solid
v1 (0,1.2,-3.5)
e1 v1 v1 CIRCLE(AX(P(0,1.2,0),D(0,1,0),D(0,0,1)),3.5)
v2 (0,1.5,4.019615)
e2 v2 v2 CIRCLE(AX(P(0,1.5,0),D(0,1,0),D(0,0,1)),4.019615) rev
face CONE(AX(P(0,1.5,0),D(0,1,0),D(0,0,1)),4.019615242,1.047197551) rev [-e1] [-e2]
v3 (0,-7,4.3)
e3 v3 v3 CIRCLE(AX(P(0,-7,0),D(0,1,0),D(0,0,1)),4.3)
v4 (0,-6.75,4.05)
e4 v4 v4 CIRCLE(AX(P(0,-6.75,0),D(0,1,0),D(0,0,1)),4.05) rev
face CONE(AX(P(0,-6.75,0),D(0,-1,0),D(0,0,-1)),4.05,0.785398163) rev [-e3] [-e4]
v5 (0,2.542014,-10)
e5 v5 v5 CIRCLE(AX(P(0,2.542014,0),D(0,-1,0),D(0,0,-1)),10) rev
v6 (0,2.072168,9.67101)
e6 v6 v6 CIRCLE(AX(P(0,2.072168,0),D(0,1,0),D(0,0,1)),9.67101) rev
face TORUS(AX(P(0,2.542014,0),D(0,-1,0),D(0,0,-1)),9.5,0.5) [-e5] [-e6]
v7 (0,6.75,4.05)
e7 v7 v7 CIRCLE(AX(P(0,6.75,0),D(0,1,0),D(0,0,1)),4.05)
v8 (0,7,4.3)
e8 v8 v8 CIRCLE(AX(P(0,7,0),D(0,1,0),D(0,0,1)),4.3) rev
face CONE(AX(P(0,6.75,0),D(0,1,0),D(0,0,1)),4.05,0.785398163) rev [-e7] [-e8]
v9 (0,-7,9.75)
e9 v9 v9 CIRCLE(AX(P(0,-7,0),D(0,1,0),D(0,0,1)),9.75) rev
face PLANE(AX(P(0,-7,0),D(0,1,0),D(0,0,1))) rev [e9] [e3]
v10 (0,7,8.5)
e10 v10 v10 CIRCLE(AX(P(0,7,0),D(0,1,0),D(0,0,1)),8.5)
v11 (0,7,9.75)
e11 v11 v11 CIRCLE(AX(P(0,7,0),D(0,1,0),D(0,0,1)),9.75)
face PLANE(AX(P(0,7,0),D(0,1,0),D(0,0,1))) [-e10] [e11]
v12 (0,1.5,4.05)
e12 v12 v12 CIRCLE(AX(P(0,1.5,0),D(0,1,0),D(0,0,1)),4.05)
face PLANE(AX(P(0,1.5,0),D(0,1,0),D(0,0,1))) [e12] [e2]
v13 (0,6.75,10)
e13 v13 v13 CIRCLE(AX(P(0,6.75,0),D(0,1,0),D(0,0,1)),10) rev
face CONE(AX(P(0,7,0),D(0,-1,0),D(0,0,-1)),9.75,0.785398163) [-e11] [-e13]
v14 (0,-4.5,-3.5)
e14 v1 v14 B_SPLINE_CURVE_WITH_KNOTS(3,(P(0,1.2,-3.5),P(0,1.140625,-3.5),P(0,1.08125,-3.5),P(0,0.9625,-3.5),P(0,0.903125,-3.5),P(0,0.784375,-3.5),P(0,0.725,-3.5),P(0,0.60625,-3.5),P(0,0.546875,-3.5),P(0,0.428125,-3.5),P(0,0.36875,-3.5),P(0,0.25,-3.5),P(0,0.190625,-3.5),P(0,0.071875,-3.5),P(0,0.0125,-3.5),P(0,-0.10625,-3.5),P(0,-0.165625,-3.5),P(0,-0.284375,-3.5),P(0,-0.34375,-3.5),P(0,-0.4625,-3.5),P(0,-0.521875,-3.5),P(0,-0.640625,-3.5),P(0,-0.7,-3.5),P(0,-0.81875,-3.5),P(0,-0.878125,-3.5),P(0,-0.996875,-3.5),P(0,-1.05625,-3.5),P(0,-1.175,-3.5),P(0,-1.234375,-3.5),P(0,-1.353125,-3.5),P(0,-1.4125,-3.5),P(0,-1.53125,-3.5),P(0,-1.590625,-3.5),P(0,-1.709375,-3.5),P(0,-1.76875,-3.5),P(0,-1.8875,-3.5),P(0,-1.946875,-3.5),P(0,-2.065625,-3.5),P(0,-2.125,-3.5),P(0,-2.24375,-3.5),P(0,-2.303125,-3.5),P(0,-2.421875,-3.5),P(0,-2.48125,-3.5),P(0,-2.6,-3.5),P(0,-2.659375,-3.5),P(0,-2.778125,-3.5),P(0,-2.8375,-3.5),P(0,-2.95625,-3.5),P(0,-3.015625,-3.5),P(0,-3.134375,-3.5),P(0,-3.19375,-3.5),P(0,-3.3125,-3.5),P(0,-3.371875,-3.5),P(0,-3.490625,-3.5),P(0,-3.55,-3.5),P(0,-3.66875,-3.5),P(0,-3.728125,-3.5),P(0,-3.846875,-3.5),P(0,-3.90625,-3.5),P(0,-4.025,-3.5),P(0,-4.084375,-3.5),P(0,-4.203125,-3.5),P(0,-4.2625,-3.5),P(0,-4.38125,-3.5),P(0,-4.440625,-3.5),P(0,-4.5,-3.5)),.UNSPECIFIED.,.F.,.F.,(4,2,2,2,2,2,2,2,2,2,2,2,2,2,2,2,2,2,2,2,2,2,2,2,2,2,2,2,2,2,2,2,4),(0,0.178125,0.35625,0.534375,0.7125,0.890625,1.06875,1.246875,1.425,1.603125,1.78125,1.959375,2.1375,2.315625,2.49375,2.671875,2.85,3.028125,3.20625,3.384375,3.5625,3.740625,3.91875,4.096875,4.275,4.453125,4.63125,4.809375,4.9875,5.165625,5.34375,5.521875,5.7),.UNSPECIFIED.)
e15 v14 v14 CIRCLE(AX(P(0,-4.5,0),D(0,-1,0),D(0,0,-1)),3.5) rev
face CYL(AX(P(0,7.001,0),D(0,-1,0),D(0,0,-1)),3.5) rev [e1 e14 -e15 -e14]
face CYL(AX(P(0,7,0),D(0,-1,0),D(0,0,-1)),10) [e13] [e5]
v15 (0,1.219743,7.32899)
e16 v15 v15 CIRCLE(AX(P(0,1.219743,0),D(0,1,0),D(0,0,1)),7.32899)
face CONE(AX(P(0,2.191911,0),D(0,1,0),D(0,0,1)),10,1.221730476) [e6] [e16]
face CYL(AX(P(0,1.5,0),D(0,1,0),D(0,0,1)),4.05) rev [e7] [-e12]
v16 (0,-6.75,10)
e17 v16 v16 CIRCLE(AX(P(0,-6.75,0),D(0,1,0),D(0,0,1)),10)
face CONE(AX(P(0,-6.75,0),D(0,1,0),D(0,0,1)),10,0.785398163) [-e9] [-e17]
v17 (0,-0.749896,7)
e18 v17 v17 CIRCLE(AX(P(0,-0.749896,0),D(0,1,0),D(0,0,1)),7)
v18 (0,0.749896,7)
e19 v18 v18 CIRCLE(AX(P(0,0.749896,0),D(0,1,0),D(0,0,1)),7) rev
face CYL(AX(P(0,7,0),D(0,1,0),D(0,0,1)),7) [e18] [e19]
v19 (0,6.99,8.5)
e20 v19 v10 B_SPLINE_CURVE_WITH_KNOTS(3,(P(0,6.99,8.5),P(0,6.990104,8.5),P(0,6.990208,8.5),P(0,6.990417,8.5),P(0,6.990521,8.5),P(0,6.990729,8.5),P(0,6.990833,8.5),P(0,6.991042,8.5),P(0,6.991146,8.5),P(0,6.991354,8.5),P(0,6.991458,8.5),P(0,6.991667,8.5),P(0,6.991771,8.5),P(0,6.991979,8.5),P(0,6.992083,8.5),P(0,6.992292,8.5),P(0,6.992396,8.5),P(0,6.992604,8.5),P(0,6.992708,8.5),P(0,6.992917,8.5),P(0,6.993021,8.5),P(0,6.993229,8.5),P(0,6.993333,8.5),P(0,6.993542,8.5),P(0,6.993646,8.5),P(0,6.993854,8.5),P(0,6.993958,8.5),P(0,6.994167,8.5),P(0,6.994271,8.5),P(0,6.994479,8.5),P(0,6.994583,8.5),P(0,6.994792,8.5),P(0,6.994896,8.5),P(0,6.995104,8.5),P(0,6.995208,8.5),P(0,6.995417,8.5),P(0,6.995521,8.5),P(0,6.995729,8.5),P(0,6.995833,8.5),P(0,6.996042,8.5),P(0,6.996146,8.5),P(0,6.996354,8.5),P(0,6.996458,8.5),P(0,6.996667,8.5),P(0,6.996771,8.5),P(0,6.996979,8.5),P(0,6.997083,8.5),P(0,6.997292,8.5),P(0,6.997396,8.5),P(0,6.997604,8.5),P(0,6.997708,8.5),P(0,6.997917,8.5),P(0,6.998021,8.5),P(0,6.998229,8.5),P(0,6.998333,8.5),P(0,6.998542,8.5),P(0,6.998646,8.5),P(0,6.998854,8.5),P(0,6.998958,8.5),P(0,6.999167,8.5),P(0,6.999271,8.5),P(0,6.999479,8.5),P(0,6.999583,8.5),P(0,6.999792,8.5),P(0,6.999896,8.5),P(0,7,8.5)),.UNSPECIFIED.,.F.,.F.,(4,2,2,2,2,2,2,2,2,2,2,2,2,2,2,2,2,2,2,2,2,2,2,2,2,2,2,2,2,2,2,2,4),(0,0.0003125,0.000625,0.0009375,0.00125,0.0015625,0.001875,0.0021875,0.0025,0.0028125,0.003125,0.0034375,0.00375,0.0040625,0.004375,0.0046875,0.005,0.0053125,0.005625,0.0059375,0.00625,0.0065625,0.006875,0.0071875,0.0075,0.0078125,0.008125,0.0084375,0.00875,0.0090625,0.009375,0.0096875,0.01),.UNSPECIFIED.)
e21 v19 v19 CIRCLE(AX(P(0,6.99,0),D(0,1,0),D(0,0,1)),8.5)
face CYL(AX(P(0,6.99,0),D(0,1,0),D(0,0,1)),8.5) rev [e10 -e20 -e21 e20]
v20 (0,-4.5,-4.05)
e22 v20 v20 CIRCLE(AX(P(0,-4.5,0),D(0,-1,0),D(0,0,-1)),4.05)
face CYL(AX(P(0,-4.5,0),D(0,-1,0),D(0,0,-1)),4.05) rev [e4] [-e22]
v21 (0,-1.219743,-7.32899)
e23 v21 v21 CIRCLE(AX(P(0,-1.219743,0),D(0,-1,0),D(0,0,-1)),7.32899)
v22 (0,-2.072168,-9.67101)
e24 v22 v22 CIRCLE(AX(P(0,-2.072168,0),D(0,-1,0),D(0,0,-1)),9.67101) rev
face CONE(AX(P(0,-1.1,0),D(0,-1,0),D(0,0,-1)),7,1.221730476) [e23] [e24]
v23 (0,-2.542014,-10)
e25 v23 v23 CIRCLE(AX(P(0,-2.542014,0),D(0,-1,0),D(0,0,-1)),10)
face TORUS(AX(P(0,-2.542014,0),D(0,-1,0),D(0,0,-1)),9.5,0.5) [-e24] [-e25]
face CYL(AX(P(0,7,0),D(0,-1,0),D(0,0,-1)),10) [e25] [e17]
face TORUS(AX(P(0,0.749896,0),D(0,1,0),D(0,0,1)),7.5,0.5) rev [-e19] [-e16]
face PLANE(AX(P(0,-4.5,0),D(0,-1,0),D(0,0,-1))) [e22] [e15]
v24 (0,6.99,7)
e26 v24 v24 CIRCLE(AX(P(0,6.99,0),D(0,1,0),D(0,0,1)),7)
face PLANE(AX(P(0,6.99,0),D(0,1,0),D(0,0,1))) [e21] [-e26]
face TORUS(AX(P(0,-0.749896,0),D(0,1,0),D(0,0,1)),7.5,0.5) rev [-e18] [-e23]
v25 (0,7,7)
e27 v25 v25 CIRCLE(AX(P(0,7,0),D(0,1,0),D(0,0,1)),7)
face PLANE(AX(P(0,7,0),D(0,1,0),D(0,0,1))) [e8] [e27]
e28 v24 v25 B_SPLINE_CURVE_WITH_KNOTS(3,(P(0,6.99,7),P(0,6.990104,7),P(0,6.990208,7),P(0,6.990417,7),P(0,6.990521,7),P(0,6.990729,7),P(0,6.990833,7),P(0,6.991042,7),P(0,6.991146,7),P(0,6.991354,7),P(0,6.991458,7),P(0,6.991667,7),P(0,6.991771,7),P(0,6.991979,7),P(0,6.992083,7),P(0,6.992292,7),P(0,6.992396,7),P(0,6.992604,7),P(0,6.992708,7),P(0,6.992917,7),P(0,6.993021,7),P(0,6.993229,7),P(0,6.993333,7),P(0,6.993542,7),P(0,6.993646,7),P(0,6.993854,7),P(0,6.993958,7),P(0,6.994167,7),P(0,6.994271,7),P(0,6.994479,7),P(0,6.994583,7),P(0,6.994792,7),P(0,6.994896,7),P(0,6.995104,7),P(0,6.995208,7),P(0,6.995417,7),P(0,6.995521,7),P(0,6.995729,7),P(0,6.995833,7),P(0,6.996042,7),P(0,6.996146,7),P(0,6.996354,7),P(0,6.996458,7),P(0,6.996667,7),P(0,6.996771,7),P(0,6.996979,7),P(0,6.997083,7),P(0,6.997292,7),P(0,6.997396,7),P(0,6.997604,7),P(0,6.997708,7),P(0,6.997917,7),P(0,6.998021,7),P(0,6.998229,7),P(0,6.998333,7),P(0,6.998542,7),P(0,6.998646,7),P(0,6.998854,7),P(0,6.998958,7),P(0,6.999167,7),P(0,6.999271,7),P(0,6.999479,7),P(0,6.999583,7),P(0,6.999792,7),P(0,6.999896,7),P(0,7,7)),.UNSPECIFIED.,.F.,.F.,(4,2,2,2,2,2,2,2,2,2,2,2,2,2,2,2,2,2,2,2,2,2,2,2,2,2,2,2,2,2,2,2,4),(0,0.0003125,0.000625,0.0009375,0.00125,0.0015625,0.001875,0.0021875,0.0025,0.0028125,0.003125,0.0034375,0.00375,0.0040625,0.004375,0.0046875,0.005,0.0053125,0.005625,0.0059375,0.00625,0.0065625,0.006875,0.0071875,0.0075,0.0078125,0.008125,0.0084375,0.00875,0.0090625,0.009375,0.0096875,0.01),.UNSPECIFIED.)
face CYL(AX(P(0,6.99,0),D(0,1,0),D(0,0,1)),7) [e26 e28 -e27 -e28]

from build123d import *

# Parameters (mm, degrees)
SKETCH1_R           = 10
BOSS_EXTRUDE1_DEPTH = 7
CUT_EXTRUDE1_REACH  = 21.9
SKETCH2_R           = 3.5
FILLET4_R           = 0.5
SKETCH11_R          = 4.05
CUT_EXTRUDE2_DEPTH  = 2.5
CUT_EXTRUDE3_START  = -5.5
SKETCH12_R          = 4.05
CUT_EXTRUDE3_DEPTH  = 5.5
CUT_EXTRUDE4_START  = -0.01
SKETCH13_R          = 8.5
SKETCH13_R_2        = 7
CUT_EXTRUDE4_DEPTH  = 0.01
CHAMFER1_SIZE       = 0.25
CHAMFER2_SIZE       = 0.3
CHAMFER2_SIZE2      = 0.519615242


with BuildPart() as part:
    # Sketch1 → Boss-Extrude1 (new, symmetric)
    with BuildSketch(Plane(origin=(0, 0, 0), x_dir=(1, 0, 0), z_dir=(0, 1, 0))):
        with Locations(Location((0, 0, 0), (0, 0, 270))):
            Circle(SKETCH1_R)
    extrude(amount=BOSS_EXTRUDE1_DEPTH, both=True)

    # Sketch2 → Cut-Extrude1 (cut, up to next)
    with BuildSketch(Plane.XZ.offset(7), mode=Mode.PRIVATE) as cut_extrude1_sk1:
        with Locations(Location((0, 0, 0), (0, 0, 270))):
            Circle(SKETCH2_R)
    cut_extrude1_tool1 = extrude(cut_extrude1_sk1.sketch, amount=-CUT_EXTRUDE1_REACH, mode=Mode.PRIVATE) & part.part
    add(cut_extrude1_tool1.solids().sort_by_distance((0, -7, 0))[0], mode=Mode.SUBTRACT)

    # Sketch10 → Cut-Revolve1 (revolve, cut)
    with BuildSketch(Plane.XY, mode=Mode.PRIVATE) as cut_revolve1_sk:
        Polygon((10, 2.191910703), (7, 1.1), (7, -1.1), (10, -2.191910703), align=None)
    revolve(cut_revolve1_sk.sketch.rotate(Axis((0, 7, 0), (0, -1, 0)), 90), axis=Axis((0, 7, 0), (0, -1, 0)), mode=Mode.SUBTRACT)

    # Fillet4
    fillet4_edges = [part.edges().sort_by_distance(p)[0] for p in [
        (0, -2.191910703, -10),
        (0, -1.1, -7),
        (0, 1.1, -7),
        (0, 2.191910703, -10),
    ]]
    fillet(fillet4_edges, radius=FILLET4_R)

    # Sketch11 → Cut-Extrude2 (cut)
    with BuildSketch(Plane.XZ.offset(7)):
        with Locations(Location((0, 0, 0), (0, 0, 270))):
            Circle(SKETCH11_R)
    extrude(amount=-CUT_EXTRUDE2_DEPTH, mode=Mode.SUBTRACT)

    # Sketch12 → Cut-Extrude3 (cut)
    with BuildSketch(Plane(origin=(0, 7, 0), x_dir=(1, 0, 0), z_dir=(0, 1, 0)).offset(CUT_EXTRUDE3_START)):
        with Locations(Location((0, 0, 0), (0, 0, 90))):
            Circle(SKETCH12_R)
    extrude(amount=CUT_EXTRUDE3_DEPTH, mode=Mode.SUBTRACT)

    # Sketch13 → Cut-Extrude4 (cut)
    with BuildSketch(Plane(origin=(0, 7, 0), x_dir=(1, 0, 0), z_dir=(0, 1, 0)).offset(CUT_EXTRUDE4_START)):
        with Locations(Location((0, 0, 0), (0, 0, 270))):
            Circle(SKETCH13_R)
        with Locations(Location((0, 0, 0), (0, 0, 270))):
            Circle(SKETCH13_R_2, mode=Mode.SUBTRACT)
    extrude(amount=CUT_EXTRUDE4_DEPTH, mode=Mode.SUBTRACT)

    # Chamfer1
    chamfer1_edges = [part.edges().sort_by_distance(p)[0] for p in [
        (0, -7, -10),
        (0, -7, 4.05),
        (0, 7, 4.05),
        (0, 7, -10),
    ]]
    chamfer(chamfer1_edges, length=CHAMFER1_SIZE)

    # Chamfer2
    chamfer2_edges = [part.edges().sort_by_distance(p)[0] for p in [
        (0, 1.5, 3.5),
    ]]
    chamfer2_side = [part.faces().sort_by_distance(p)[0] for p in [
        (0, -1.5, 3.5),
    ]]
    chamfer(chamfer2_edges, length=CHAMFER2_SIZE, length2=CHAMFER2_SIZE2, reference=chamfer2_side[0])


solid = part.part
